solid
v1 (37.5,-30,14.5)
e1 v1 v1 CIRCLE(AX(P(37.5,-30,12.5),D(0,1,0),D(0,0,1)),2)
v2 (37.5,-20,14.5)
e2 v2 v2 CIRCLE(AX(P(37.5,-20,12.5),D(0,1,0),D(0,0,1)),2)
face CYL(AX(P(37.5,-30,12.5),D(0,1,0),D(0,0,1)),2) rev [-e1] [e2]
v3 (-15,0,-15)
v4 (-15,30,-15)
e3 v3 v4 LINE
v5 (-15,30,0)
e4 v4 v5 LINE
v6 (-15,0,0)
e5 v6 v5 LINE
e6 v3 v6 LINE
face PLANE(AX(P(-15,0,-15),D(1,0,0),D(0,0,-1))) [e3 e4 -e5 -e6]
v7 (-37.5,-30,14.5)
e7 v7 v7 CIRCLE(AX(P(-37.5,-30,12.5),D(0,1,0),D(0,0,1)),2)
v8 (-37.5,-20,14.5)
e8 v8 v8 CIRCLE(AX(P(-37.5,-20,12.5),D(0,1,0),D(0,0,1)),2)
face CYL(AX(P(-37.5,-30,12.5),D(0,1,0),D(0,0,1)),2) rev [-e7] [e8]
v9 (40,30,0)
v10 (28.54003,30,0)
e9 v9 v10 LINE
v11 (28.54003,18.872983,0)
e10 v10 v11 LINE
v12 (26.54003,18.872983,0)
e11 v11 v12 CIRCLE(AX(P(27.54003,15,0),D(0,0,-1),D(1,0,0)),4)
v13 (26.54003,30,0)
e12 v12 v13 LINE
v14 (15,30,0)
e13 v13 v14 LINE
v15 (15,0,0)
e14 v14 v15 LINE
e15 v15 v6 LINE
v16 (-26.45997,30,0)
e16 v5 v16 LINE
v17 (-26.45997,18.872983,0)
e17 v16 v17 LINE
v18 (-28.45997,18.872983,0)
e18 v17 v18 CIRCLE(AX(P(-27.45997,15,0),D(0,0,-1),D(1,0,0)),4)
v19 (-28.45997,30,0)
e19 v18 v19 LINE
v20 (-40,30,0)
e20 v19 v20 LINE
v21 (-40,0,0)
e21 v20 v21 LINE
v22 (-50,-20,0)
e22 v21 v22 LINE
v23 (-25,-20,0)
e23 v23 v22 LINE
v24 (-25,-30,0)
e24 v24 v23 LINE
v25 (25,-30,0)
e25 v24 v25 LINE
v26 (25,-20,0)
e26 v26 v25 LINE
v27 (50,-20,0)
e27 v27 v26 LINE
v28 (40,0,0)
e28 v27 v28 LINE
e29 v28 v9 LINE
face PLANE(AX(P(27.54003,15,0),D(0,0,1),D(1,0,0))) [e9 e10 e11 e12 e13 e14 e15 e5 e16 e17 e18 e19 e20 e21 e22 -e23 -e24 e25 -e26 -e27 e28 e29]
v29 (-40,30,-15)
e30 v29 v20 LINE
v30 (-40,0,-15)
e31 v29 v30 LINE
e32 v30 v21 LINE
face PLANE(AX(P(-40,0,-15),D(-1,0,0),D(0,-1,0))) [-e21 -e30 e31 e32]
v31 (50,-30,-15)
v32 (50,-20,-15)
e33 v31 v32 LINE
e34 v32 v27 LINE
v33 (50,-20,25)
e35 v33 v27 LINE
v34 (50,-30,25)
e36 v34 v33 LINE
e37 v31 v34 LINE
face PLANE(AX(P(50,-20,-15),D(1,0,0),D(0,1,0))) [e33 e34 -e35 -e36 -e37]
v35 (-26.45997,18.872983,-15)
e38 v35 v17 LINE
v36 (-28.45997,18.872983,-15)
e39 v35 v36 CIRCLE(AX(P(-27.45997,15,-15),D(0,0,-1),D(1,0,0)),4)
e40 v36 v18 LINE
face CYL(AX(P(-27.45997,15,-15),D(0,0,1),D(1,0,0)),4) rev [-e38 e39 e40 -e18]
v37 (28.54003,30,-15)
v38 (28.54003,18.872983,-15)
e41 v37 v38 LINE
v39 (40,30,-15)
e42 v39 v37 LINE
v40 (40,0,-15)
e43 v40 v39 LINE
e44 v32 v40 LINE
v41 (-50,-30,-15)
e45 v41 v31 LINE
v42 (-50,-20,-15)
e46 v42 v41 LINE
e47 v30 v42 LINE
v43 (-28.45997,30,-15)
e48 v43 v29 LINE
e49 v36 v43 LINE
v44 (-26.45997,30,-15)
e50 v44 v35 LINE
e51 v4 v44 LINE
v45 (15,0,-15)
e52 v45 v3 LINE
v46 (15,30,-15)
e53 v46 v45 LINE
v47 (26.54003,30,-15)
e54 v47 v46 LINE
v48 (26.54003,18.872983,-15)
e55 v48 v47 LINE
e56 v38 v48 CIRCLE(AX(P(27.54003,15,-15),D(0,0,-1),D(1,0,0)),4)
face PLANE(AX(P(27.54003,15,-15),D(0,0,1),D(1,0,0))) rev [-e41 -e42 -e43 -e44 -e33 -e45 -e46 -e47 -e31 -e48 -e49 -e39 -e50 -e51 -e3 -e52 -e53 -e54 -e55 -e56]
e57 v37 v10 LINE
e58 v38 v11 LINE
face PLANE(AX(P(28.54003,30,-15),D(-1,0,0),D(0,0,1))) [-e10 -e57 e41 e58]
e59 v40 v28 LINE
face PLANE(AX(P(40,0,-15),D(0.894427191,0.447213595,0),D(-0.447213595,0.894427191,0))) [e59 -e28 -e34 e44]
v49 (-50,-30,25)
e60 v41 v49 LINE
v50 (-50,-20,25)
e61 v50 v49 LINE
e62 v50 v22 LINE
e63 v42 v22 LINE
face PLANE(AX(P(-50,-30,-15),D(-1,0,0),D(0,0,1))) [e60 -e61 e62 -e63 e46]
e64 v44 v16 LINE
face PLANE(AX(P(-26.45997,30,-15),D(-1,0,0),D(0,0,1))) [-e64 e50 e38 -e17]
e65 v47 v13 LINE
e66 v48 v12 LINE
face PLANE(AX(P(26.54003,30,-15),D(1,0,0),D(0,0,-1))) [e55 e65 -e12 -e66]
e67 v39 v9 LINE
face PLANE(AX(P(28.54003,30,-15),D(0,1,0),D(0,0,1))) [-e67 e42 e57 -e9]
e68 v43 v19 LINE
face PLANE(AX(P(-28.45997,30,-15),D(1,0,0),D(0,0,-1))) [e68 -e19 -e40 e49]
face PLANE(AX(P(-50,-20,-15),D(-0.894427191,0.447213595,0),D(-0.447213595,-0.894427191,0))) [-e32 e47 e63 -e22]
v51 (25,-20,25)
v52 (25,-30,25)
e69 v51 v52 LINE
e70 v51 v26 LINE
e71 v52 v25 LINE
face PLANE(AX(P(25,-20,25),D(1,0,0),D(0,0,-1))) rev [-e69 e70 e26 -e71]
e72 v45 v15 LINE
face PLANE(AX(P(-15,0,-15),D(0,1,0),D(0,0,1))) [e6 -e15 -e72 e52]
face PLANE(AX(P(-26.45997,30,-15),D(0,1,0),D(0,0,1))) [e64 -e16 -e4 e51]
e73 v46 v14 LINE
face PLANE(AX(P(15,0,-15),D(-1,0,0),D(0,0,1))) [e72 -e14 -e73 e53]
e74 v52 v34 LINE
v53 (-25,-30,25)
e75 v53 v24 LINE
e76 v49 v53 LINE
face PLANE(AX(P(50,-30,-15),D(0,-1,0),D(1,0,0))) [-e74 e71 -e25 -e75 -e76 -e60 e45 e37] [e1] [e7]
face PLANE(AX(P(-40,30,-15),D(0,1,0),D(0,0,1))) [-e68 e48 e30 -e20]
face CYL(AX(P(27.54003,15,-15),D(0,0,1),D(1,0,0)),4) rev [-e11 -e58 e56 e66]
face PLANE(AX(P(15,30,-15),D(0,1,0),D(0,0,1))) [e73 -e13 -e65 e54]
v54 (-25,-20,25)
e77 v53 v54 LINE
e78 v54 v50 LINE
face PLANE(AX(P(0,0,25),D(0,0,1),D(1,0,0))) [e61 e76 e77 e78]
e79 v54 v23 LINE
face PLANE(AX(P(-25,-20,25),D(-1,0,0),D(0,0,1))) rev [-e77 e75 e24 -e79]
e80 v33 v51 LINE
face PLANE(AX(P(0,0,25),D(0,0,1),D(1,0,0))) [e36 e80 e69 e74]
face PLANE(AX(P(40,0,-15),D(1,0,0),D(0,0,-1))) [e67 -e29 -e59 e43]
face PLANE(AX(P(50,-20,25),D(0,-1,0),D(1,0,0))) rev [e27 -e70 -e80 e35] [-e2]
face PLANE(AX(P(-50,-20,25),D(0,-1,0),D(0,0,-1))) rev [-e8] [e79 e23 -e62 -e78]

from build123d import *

# Parameters (mm, degrees)
BOSS_EXTRUDE1_DEPTH = 15
SKETCH2_W           = 25
SKETCH2_H           = 10
BOSS_EXTRUDE2_DEPTH = 25
SKETCH3_R           = 2
CUT_EXTRUDE1_DEPTH  = 10


with BuildPart() as part:
    # Sketch1 → Boss-Extrude1 (new body)
    with BuildSketch(Plane.XY):
        with BuildLine():
            Line((-15, 0), (0, 0))
            Line((0, 0), (15, 0))
            Line((15, 0), (15, 30))
            Line((15, 30), (26.540029545, 30))
            Line((26.540029545, 30), (26.540029545, 18.872983346))
            ThreePointArc((26.540029545, 18.872983346), (27.540029545, 11), (28.540029545, 18.872983346))
            Line((28.540029545, 18.872983346), (28.540029545, 30))
            Line((28.540029545, 30), (40, 30))
            Line((40, 30), (40, 0))
            Line((40, 0), (50, -20))
            Line((50, -20), (50, -30))
            Line((50, -30), (0, -30))
            Line((0, -30), (-50, -30))
            Line((-50, -30), (-50, -20))
            Line((-50, -20), (-40, 0))
            Line((-40, 0), (-40, 30))
            Line((-40, 30), (-28.459970455, 30))
            Line((-28.459970455, 30), (-28.459970455, 18.872983346))
            ThreePointArc((-28.459970455, 18.872983346), (-27.459970455, 11), (-26.459970455, 18.872983346))
            Line((-26.459970455, 18.872983346), (-26.459970455, 30))
            Line((-26.459970455, 30), (-15, 30))
            Line((-15, 30), (-15, 0))
        make_face()
    extrude(amount=-BOSS_EXTRUDE1_DEPTH)

    # Sketch2 → Boss-Extrude2 (add)
    with BuildSketch(Plane.XY):
        with Locations((-37.5, -25)):
            Rectangle(SKETCH2_W, SKETCH2_H)
        with Locations((37.5, -25)):
            Rectangle(SKETCH2_W, SKETCH2_H)
    extrude(amount=BOSS_EXTRUDE2_DEPTH)

    # Sketch3 → Cut-Extrude1 (cut)
    with BuildSketch(Plane(origin=(0, -20, 0), x_dir=(1, 0, 0), z_dir=(0, 1, 0))):
        with Locations(Location((-37.5, -12.5, 0), (0, 0, 270))):
            Circle(SKETCH3_R)
        with Locations(Location((37.5, -12.5, 0), (0, 0, 270))):
            Circle(SKETCH3_R)
    extrude(amount=-CUT_EXTRUDE1_DEPTH, mode=Mode.SUBTRACT)


solid = part.part
